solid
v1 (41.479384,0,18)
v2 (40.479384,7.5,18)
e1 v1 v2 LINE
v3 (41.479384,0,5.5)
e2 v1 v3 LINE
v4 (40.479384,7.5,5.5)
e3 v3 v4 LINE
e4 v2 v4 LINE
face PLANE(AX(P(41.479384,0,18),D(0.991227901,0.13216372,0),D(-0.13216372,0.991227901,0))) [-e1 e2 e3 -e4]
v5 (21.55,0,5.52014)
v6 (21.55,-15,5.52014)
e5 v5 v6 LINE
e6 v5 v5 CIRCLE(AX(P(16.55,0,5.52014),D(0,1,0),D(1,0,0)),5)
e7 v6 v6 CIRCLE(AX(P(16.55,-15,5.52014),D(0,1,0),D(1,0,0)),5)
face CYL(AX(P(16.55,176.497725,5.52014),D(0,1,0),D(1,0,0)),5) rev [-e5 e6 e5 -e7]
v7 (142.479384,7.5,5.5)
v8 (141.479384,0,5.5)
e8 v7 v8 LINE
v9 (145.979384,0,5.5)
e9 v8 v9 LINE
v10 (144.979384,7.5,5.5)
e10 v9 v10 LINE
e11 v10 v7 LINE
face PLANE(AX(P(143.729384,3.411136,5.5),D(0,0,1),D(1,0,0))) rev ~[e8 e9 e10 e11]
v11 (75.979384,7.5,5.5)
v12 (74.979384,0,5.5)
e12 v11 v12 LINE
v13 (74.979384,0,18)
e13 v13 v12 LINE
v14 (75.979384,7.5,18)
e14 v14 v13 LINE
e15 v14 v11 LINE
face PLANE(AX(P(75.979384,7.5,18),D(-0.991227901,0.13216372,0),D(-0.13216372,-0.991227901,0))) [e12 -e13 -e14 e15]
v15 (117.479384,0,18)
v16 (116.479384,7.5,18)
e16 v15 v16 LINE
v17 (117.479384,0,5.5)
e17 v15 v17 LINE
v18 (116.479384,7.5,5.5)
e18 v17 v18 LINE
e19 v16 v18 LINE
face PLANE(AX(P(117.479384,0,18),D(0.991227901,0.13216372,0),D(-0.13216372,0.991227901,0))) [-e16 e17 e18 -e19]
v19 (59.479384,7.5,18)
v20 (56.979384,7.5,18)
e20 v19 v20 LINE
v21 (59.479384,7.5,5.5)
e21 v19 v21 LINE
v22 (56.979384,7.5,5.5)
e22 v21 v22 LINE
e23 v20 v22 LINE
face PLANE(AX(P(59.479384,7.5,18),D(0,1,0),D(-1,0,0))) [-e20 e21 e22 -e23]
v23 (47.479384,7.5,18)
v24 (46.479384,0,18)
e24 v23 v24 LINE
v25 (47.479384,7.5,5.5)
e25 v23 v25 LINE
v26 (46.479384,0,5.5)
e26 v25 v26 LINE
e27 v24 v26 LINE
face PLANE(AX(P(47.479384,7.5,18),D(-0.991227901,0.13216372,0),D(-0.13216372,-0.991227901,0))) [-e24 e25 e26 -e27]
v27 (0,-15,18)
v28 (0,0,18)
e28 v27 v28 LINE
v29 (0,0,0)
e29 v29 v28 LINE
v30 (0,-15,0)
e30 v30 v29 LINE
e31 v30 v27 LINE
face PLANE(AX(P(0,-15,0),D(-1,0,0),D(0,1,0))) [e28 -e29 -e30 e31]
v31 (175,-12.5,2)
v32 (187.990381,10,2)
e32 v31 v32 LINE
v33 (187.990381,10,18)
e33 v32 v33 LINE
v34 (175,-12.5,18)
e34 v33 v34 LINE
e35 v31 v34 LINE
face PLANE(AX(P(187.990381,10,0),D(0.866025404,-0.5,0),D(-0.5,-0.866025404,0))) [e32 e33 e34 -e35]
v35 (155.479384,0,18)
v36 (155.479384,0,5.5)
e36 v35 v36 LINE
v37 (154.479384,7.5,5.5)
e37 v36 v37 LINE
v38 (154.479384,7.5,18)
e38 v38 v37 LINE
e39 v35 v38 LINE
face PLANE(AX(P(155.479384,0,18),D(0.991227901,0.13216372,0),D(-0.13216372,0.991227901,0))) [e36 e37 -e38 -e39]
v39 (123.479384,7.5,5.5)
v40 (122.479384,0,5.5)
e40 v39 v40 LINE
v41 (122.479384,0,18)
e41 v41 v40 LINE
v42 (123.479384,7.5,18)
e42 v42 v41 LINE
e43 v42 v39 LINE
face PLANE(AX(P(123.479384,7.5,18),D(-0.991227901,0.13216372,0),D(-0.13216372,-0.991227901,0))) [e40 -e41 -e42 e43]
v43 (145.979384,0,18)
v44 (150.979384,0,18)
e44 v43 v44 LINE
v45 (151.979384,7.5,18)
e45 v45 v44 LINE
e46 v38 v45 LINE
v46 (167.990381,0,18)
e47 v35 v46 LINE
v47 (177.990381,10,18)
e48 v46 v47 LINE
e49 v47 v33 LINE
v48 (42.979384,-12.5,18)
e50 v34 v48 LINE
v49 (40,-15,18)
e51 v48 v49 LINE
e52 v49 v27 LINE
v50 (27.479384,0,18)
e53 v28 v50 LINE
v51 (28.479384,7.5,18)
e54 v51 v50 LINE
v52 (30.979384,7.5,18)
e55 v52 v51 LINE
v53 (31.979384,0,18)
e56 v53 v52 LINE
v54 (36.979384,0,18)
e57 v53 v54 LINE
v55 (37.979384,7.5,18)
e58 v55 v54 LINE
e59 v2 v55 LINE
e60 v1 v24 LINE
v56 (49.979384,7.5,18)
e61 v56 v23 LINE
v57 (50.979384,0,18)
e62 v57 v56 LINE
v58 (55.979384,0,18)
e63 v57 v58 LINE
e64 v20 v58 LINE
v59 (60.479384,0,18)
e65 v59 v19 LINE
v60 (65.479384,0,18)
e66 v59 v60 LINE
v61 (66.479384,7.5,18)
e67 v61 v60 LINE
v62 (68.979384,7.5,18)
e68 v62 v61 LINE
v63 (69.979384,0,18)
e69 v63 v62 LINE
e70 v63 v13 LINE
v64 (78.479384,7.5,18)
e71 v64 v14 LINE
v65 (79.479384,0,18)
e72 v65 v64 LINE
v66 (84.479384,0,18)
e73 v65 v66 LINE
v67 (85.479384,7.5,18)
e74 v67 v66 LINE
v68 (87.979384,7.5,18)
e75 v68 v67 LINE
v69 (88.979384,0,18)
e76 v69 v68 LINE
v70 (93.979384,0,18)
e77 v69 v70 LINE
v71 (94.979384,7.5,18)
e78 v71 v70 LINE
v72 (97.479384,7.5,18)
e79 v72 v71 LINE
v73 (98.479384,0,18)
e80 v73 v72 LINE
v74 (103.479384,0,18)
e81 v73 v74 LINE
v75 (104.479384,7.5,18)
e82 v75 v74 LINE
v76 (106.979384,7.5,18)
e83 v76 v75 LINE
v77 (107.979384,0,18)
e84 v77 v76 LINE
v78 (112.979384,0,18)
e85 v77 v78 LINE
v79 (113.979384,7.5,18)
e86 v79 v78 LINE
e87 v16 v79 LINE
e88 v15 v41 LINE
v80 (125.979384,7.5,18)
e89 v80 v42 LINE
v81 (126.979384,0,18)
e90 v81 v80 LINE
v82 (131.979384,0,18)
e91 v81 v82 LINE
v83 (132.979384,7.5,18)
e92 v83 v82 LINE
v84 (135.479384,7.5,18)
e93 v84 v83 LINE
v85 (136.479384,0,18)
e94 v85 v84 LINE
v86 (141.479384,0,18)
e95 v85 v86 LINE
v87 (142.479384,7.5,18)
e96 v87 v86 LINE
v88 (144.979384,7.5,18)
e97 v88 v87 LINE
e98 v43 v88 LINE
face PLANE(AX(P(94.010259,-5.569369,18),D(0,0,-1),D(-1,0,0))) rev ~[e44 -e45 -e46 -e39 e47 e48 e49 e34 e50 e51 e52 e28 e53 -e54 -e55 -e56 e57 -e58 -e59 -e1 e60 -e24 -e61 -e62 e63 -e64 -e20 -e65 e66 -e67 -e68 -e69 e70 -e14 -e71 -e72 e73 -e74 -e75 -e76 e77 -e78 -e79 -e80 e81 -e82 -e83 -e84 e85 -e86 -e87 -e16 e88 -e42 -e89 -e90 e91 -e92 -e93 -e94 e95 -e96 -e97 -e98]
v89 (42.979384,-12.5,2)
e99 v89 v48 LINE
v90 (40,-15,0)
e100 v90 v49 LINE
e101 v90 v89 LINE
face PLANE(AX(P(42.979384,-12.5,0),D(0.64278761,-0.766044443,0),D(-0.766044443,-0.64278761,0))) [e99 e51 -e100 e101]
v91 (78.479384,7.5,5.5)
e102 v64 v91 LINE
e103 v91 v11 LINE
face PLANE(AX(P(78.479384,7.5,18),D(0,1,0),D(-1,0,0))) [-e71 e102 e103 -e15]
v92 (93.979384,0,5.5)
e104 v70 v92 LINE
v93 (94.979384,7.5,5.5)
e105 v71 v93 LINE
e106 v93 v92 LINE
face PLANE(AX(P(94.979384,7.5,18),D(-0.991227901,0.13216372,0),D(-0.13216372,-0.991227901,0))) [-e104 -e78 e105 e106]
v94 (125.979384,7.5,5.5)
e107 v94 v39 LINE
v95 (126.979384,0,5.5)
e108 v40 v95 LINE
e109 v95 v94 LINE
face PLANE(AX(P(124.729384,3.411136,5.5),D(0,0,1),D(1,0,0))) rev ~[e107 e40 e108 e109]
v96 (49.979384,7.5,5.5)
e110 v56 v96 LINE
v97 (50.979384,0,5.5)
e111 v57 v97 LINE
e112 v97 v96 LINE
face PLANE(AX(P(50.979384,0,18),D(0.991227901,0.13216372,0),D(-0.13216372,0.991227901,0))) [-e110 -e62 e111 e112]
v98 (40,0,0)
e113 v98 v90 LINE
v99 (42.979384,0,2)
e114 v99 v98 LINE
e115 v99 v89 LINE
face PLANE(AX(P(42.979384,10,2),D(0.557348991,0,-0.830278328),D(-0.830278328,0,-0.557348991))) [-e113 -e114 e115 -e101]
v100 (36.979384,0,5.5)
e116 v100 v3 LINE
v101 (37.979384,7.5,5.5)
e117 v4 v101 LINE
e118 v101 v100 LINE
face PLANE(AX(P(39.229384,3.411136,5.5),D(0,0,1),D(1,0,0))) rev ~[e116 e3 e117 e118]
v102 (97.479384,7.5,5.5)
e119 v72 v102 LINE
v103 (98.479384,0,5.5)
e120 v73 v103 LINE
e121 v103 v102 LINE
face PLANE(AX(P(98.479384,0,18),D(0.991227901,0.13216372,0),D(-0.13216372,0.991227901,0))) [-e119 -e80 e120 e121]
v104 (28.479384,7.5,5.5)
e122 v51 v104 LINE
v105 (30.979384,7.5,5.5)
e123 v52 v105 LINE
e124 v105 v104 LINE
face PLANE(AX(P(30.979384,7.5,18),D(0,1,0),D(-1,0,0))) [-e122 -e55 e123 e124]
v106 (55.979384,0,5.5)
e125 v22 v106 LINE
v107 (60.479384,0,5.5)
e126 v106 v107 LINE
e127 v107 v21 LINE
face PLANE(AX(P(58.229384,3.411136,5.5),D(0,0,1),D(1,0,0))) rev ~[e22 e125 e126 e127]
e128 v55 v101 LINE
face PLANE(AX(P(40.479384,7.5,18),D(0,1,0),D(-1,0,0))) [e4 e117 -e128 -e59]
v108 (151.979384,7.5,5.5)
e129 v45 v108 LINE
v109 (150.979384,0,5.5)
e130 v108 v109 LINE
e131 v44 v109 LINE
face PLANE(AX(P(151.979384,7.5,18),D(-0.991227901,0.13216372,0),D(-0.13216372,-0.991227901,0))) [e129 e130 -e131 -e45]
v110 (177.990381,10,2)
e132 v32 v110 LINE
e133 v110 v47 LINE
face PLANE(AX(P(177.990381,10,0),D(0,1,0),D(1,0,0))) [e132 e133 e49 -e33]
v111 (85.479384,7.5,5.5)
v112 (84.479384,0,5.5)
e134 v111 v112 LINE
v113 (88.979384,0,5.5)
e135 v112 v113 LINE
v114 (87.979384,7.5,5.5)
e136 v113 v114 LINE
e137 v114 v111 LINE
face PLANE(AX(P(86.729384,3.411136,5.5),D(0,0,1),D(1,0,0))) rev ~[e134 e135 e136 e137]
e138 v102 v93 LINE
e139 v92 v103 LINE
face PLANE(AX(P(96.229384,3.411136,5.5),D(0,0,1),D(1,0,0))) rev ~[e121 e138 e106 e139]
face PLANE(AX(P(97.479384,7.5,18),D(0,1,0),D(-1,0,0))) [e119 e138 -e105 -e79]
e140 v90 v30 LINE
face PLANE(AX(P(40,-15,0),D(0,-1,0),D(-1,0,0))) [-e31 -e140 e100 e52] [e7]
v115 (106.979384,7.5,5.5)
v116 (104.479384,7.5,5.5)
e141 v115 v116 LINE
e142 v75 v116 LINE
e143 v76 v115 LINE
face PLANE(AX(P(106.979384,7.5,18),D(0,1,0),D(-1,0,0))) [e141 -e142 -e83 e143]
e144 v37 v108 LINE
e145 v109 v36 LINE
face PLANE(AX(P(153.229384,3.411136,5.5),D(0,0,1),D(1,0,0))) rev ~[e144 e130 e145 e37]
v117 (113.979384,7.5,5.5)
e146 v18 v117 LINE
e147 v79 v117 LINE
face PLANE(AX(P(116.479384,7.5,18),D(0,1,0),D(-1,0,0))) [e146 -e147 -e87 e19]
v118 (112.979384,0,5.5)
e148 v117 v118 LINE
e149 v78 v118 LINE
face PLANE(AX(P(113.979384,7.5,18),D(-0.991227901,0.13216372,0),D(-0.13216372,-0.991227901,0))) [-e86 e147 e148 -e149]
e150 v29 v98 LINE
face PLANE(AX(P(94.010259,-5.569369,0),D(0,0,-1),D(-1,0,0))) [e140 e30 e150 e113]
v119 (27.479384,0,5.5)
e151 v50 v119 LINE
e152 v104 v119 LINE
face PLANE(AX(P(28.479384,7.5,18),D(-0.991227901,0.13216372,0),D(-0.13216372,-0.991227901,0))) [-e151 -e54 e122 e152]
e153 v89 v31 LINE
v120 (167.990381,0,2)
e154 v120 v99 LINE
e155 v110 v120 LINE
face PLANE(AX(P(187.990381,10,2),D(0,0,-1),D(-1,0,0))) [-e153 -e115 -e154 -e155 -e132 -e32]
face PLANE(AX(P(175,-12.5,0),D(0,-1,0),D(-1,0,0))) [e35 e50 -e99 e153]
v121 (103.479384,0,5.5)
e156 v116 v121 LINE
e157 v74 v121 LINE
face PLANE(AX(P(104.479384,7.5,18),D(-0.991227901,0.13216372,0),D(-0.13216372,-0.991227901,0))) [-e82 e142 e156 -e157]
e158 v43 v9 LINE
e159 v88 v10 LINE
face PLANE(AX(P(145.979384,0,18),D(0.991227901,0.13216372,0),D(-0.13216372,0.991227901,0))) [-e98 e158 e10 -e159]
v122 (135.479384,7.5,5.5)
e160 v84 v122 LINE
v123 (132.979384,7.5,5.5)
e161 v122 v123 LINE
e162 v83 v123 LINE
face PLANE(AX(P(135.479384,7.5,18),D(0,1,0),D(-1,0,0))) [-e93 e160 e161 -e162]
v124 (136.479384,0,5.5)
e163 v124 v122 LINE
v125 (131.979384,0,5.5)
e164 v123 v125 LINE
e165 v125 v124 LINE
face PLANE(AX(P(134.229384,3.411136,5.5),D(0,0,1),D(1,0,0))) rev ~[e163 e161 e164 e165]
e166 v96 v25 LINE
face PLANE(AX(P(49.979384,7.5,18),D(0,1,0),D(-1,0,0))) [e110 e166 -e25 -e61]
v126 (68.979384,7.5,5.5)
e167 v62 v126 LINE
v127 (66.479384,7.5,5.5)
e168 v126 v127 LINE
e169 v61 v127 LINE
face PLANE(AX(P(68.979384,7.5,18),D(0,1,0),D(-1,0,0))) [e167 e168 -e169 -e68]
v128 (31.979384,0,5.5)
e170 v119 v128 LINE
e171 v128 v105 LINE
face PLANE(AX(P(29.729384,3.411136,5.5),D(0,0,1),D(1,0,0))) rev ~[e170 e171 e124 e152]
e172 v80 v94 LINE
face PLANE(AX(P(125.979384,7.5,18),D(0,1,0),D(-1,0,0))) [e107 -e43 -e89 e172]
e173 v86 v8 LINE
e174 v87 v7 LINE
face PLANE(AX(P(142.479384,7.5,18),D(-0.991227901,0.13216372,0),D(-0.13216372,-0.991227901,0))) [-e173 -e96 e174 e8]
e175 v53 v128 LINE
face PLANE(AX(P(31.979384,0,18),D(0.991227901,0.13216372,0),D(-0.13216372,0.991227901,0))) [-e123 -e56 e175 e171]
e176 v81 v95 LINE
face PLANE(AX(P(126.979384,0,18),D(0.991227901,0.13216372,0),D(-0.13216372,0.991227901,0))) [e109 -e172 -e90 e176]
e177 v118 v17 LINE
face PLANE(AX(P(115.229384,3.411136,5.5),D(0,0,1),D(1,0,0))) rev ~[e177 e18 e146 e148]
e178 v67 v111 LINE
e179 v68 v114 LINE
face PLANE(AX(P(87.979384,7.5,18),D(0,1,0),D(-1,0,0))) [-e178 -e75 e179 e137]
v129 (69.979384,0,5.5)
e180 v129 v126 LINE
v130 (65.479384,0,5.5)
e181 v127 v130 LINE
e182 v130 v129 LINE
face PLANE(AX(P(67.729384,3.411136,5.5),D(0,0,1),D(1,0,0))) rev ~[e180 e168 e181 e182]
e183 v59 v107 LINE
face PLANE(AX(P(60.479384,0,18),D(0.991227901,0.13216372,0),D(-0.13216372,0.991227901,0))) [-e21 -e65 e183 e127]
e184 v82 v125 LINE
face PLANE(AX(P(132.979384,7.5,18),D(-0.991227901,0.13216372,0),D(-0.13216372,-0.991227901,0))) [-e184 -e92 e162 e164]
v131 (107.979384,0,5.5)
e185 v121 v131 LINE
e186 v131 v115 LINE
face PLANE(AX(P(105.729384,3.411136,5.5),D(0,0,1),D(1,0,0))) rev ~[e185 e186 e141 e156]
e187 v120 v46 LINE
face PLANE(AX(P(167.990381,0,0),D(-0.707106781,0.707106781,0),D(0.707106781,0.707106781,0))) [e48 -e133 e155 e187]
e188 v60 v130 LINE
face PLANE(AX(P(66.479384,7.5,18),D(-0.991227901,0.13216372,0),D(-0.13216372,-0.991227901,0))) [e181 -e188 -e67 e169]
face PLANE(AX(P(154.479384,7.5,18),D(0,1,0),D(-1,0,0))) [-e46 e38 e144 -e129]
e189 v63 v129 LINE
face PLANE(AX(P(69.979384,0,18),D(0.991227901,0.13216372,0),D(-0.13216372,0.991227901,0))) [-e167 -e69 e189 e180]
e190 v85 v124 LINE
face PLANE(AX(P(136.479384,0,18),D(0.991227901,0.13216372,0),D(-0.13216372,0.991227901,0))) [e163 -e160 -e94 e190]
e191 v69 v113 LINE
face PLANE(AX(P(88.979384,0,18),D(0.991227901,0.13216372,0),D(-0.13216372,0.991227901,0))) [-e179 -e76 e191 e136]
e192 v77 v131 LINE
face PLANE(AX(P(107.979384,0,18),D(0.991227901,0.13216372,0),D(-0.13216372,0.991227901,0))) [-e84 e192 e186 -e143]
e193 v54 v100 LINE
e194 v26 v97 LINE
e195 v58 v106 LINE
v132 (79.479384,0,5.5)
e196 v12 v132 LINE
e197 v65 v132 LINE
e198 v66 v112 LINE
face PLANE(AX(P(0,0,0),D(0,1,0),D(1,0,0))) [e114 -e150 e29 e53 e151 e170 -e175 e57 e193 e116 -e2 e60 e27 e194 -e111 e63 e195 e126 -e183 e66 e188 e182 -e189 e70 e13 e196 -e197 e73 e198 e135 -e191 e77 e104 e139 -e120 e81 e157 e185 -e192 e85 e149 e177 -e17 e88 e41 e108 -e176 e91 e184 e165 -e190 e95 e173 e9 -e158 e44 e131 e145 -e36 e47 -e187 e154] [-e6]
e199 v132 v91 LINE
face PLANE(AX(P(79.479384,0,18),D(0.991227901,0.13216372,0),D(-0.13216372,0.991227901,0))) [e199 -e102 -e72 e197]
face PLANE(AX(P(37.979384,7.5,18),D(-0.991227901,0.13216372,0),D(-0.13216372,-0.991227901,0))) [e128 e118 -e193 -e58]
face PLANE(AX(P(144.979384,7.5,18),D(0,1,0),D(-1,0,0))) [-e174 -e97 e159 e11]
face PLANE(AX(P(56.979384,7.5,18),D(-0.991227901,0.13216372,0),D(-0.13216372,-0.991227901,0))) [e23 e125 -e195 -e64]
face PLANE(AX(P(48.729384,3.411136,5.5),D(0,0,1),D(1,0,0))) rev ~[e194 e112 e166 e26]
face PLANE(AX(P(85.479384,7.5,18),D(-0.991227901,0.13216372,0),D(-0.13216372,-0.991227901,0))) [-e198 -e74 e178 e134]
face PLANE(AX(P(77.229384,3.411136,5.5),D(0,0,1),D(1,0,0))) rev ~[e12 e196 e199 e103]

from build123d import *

# Parameters (mm, degrees)
BOSS_EXTRUDE1_DEPTH     = 18
CUT_EXTRUDE3_START      = 10
CUT_EXTRUDE3_DEPTH      = 200.444934928
BOSS_EXTRUDE2_DEPTH     = 12.5
LPATTERN1_COUNT         = 12
LPATTERN1_PITCH         = 9.5
LPATTERN1_COL_COUNT     = 3
LPATTERN1_COL_PITCH     = 9.5
CUT_EXTRUDE2_DEPTH      = 191.497725367
CUT_EXTRUDE2_DEPTH_BACK = 191.497725367
SKETCH5_R               = 5


with BuildPart() as part:
    # Sketch1 → Boss-Extrude1 (new body)
    with BuildSketch(Plane.XY):
        Polygon((0, 0), (167.990381057, 0), (177.990381057, 10), (187.990381057, 10), (175, -12.5), (42.979383981, -12.5), (40, -15), (0, -15), align=None)
    extrude(amount=BOSS_EXTRUDE1_DEPTH)

    # Sketch6 → Cut-Extrude3 (cut, through all)
    with BuildSketch(Plane(origin=(0, 0, 0), x_dir=(1, 0, 0), z_dir=(0, 1, 0)).offset(CUT_EXTRUDE3_START)):
        Polygon((187.990381057, 0), (187.990381057, -2), (42.979383981, -2), (40, 0), align=None)
    extrude(amount=-CUT_EXTRUDE3_DEPTH, mode=Mode.SUBTRACT)

    # Sketch3 → Boss-Extrude2 (add)
    with BuildSketch(Plane.XY.offset(18)):
        Polygon((46.479383981, 0), (50.979383981, 0), (49.979383981, 7.5), (47.479383981, 7.5), align=None)
    boss_extrude2 = extrude(amount=-BOSS_EXTRUDE2_DEPTH)

    # LPattern1: Boss-Extrude2 ×12
    with Locations(*[(i * LPATTERN1_PITCH, 0, 0) for i in range(1, LPATTERN1_COUNT)]):
        add(boss_extrude2)

    # LPattern1 col: Boss-Extrude2 ×3
    with Locations(*[(-i * LPATTERN1_COL_PITCH, 0, 0) for i in range(1, LPATTERN1_COL_COUNT)]):
        add(boss_extrude2)

    # Sketch5 → Cut-Extrude2 (cut, two sides: drawn at the far end of the back side and taken through both)
    with BuildSketch(Plane.XZ.offset(15).offset(-CUT_EXTRUDE2_DEPTH_BACK)):
        with Locations((16.55, 5.52014012)):
            Circle(SKETCH5_R)
    extrude(amount=CUT_EXTRUDE2_DEPTH + CUT_EXTRUDE2_DEPTH_BACK, mode=Mode.SUBTRACT)


solid = part.part
